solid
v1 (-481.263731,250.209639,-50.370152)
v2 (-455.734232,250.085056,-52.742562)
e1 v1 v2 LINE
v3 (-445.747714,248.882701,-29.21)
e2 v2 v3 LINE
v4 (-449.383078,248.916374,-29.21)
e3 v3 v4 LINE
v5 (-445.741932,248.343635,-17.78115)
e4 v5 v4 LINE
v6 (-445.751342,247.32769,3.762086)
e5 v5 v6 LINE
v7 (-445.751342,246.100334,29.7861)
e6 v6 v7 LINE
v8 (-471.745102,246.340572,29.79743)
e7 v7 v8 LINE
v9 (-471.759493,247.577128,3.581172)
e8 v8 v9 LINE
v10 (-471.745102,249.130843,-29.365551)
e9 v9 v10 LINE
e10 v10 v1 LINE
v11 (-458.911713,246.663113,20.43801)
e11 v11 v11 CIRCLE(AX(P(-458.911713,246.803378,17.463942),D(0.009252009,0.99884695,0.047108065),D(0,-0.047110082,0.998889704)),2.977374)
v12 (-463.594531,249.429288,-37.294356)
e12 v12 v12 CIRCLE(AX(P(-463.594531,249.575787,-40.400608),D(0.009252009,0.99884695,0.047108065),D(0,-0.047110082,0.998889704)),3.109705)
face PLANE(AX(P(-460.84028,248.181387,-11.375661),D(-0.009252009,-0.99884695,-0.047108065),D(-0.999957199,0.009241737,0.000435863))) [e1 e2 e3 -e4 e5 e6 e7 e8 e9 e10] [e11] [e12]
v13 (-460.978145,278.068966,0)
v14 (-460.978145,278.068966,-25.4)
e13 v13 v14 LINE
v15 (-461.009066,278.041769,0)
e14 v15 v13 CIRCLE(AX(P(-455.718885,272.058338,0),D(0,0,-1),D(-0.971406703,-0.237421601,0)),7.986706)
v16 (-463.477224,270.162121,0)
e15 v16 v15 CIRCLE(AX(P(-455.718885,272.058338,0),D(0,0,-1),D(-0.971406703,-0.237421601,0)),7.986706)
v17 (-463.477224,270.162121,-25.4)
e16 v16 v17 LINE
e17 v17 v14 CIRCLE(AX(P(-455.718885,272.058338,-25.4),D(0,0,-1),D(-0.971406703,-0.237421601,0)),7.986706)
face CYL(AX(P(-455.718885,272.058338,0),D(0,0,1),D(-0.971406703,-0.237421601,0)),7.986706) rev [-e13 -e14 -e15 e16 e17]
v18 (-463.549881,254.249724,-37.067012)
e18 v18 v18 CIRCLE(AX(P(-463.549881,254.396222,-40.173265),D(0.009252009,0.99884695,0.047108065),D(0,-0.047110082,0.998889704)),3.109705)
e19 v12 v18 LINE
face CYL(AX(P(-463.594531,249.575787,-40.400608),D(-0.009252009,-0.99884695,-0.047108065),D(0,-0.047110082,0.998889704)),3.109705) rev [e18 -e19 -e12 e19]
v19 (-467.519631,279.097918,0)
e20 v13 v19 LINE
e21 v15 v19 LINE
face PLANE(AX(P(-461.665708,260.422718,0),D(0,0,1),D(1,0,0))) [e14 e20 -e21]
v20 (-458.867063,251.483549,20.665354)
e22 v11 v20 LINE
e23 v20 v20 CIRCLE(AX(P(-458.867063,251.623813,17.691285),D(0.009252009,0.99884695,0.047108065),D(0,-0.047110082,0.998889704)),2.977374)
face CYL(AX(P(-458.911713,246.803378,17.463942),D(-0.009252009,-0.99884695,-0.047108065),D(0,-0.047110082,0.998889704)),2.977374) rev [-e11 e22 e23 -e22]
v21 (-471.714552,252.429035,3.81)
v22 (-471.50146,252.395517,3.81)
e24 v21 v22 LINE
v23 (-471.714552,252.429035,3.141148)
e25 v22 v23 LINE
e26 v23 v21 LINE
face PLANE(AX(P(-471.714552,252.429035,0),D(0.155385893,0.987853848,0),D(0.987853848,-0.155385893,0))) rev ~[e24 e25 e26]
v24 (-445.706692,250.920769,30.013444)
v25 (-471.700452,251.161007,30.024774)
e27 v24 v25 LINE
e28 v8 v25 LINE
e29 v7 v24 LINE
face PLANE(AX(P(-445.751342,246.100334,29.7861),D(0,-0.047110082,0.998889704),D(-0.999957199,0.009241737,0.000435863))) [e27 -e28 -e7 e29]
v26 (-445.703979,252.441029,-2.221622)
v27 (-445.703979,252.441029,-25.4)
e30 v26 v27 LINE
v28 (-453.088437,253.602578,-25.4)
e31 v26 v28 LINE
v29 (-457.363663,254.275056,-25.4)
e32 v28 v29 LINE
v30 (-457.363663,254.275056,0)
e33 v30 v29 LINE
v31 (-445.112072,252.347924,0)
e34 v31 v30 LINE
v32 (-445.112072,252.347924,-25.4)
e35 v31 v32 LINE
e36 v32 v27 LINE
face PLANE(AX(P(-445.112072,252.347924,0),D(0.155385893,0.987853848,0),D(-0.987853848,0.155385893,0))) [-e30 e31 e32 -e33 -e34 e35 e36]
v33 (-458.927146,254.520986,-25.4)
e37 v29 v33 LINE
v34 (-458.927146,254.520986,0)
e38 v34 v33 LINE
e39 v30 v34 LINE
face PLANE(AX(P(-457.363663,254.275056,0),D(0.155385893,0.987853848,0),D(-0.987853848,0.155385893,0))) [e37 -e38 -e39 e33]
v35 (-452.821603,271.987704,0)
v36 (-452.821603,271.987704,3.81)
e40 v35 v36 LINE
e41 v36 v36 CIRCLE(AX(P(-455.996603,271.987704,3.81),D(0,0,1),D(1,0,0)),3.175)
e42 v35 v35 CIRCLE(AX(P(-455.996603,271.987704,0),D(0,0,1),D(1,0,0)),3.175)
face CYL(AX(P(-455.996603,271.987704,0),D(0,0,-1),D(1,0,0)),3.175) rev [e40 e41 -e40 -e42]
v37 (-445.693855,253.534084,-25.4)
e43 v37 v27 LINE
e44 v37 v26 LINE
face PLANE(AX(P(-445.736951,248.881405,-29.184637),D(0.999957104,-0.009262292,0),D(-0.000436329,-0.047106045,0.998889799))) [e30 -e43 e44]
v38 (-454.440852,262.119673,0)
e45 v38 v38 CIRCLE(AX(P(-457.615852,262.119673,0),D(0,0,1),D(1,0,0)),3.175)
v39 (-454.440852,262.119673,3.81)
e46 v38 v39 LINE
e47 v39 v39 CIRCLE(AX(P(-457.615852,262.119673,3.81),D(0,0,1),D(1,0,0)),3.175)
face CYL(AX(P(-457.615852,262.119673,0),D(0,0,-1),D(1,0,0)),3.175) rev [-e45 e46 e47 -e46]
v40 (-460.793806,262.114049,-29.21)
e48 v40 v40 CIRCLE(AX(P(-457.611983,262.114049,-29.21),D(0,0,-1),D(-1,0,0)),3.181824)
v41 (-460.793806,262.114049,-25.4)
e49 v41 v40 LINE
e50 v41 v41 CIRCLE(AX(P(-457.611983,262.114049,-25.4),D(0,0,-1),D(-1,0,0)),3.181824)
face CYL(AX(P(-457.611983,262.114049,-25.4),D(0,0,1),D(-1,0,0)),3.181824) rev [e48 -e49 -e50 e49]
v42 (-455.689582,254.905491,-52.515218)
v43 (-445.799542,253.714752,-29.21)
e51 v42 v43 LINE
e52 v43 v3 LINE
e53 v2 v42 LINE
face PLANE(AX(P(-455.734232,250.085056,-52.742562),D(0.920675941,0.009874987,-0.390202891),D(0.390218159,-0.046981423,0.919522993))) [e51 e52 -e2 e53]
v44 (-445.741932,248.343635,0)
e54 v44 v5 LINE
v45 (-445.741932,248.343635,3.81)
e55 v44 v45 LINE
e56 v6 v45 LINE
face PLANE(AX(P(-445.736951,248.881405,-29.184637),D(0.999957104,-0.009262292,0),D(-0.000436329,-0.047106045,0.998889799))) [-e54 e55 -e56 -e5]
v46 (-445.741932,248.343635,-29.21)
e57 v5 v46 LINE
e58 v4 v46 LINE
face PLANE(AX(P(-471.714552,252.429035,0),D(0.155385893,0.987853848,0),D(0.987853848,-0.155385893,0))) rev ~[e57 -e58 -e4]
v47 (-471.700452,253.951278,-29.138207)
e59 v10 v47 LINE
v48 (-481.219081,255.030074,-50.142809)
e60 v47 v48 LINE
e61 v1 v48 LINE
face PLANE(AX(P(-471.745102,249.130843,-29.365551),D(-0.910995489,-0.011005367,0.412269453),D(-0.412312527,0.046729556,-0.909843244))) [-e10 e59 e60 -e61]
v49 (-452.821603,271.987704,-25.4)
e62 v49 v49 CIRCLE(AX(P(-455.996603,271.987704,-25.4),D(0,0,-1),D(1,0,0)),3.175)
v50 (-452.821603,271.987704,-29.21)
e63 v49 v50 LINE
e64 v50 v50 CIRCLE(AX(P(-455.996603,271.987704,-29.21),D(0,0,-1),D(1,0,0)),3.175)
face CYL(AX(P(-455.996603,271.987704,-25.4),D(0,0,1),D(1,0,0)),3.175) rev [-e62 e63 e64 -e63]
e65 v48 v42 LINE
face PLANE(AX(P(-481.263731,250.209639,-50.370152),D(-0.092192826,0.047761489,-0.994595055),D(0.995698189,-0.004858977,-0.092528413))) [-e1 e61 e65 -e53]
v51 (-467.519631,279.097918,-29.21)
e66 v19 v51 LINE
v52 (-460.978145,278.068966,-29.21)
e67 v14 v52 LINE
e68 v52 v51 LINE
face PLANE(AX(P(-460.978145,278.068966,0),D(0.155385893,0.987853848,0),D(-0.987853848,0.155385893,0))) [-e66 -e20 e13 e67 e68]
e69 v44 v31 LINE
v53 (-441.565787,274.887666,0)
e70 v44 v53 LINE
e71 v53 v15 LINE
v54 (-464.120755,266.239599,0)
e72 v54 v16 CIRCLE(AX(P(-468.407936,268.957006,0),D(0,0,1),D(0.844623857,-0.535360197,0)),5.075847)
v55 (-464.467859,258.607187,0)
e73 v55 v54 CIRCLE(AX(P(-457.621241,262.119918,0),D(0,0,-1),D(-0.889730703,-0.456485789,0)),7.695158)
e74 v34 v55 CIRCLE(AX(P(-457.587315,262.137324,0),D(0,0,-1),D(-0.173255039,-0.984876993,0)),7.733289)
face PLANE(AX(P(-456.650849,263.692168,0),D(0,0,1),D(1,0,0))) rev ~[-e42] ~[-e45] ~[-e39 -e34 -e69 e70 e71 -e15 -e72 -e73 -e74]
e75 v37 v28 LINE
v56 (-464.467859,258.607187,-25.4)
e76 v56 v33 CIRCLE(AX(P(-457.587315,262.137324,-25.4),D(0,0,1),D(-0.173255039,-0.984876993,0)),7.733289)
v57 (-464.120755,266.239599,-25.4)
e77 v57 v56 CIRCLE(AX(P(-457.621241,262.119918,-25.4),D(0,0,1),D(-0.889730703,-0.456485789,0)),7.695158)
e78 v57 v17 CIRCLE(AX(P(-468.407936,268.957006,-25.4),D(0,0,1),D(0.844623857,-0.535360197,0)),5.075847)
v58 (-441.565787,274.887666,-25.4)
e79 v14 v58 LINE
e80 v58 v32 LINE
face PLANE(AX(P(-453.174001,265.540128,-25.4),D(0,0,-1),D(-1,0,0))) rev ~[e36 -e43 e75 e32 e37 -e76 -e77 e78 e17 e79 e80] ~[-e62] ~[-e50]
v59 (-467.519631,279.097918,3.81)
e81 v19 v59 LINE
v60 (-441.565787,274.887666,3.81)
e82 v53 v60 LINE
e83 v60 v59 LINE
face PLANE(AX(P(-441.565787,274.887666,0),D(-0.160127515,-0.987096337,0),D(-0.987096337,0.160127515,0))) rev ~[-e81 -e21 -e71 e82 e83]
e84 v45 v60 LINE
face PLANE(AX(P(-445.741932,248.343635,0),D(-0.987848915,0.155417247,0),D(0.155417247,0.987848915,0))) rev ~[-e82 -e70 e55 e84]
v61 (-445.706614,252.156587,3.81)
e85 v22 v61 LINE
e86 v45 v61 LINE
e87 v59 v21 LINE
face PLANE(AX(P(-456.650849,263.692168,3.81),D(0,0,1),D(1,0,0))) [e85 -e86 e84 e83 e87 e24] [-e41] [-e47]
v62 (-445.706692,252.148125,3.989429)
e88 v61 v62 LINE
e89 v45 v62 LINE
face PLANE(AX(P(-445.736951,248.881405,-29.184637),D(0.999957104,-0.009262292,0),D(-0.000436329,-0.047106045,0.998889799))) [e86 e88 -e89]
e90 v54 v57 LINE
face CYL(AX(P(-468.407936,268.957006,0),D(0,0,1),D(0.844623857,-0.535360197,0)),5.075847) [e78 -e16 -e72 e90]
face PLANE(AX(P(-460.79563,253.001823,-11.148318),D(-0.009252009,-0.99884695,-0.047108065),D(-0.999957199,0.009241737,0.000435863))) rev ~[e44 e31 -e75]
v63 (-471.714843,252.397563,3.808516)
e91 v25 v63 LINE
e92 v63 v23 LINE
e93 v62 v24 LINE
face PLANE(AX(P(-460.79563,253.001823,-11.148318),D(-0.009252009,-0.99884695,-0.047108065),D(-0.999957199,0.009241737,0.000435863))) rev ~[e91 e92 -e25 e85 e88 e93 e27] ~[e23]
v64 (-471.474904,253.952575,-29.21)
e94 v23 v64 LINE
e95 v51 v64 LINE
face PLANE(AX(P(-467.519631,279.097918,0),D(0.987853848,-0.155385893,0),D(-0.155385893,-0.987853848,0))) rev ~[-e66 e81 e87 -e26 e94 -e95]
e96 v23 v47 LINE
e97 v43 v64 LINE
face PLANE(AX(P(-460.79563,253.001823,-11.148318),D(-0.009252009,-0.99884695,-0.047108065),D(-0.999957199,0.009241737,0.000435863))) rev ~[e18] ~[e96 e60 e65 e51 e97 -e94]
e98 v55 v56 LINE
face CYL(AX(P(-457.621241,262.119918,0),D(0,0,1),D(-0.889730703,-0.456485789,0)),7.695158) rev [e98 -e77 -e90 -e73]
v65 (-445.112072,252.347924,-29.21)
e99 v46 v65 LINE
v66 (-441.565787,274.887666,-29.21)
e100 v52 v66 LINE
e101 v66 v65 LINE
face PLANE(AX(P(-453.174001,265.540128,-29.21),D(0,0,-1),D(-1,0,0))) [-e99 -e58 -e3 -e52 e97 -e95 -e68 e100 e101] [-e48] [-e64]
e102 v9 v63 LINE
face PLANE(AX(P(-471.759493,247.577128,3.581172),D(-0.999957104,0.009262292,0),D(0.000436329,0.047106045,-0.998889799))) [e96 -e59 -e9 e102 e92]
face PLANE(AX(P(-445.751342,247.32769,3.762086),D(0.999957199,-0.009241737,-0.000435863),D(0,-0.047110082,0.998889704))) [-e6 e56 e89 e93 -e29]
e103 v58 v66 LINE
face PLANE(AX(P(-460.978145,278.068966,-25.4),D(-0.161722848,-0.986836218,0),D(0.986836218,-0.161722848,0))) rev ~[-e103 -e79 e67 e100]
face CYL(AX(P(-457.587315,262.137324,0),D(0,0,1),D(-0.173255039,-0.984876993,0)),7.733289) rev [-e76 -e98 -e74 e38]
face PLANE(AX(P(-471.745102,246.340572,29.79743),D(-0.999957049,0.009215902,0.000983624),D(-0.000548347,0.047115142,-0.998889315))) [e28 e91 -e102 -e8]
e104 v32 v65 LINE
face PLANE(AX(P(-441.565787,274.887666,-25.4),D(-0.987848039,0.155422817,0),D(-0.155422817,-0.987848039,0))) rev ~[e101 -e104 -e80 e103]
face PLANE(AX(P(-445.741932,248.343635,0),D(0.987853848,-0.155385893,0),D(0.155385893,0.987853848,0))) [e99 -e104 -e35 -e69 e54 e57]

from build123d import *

# Parameters (mm, degrees)
BOSS_EXTRUDE1_DEPTH      = 29.21
SKETCH2_R                = 3.175
BOSS_EXTRUDE2_DEPTH      = 3.81
BOSS_EXTRUDE3_START      = -3.81
SKETCH3_R                = 3.175
SKETCH3_R_2              = 3.181823626
BOSS_EXTRUDE3_DEPTH      = 3.81
BOSS_EXTRUDE4_DEPTH      = 1.524
BOSS_EXTRUDE4_DEPTH_BACK = 3.302
SKETCH4_R                = 3.109705259
SKETCH4_R_2              = 2.977374329


with BuildPart() as part:
    # Sketch1 → Boss-Extrude1 (new body)
    with BuildSketch(Plane.XY):
        with BuildLine():
            Line((-445.741932109, 248.343634647), (-445.112071681, 252.347923806))
            Line((-445.112071681, 252.347923806), (-457.363663126, 254.275055523))
            Line((-457.363663126, 254.275055523), (-458.927145779, 254.520985778))
            ThreePointArc((-458.927145779, 254.520985778), (-462.17729329, 255.913510824), (-464.467858916, 258.607187485))
            ThreePointArc((-464.467858916, 258.607187485), (-465.308453245, 262.469514201), (-464.120754615, 266.239598875))
            ThreePointArc((-464.120754615, 266.239598875), (-463.399050509, 268.135245999), (-463.477224231, 270.162121354))
            ThreePointArc((-463.477224231, 270.162121354), (-463.334265537, 274.465295187), (-460.978145391, 278.068965549))
            Line((-460.978145391, 278.068965549), (-467.519631336, 279.097918))
            Line((-467.519631336, 279.097918), (-471.71455165, 252.429035234))
            Line((-471.71455165, 252.429035234), (-445.741932109, 248.343634647))
        make_face()
    extrude(amount=-BOSS_EXTRUDE1_DEPTH)

    # Sketch2 → Boss-Extrude2 (add)
    with BuildSketch(Plane.XY):
        Polygon((-467.519631336, 279.097918), (-471.71455165, 252.429035234), (-445.741932109, 248.343634647), (-441.565787186, 274.887665754), align=None)
        with Locations((-455.996603091, 271.987703521)):
            Circle(SKETCH2_R, mode=Mode.SUBTRACT)
        with Locations((-457.615851502, 262.119672583)):
            Circle(SKETCH2_R, mode=Mode.SUBTRACT)
    extrude(amount=BOSS_EXTRUDE2_DEPTH)

    # Sketch3 → Boss-Extrude3 (add)
    with BuildSketch(Plane(origin=(0, 0, -29.21), x_dir=(-1, 0, 0), z_dir=(0, 0, -1)).offset(BOSS_EXTRUDE3_START)):
        with BuildLine():
            Line((460.978145391, 278.068965549), (441.565787186, 274.887665754))
            Line((441.565787186, 274.887665754), (445.112071681, 252.347923806))
            Line((445.112071681, 252.347923806), (458.927145779, 254.520985778))
            ThreePointArc((458.927145779, 254.520985778), (464.657191184, 258.991661442), (464.120754615, 266.239598875))
            ThreePointArc((464.120754615, 266.239598875), (463.399050509, 268.135245999), (463.477224231, 270.162121354))
            ThreePointArc((463.477224231, 270.162121354), (463.334265537, 274.465295187), (460.978145391, 278.068965549))
        make_face()
        with Locations(Location((455.996603091, 271.987703521, 0), (0, 0, 180))):
            Circle(SKETCH3_R, mode=Mode.SUBTRACT)
        with Locations((457.611982645, 262.114049476)):
            Circle(SKETCH3_R_2, mode=Mode.SUBTRACT)
    extrude(amount=BOSS_EXTRUDE3_DEPTH)

    # Sketch4 → Boss-Extrude4 (add, two sides: drawn at the far end of the back side and taken through both)
    with BuildSketch(Plane(origin=(2.279673246, 246.113529363, 11.60731603), x_dir=(0.9999571992457364, -0.009241736857419818, -0.0004358629151659602), z_dir=(0.009252009328930062, 0.998846950490518, 0.04710806533037038)).offset(-BOSS_EXTRUDE4_DEPTH_BACK)):
        Polygon((-448.019641178, 7.893719141), (-448.019641178, -18.159221947), (-474.014513074, -18.159221947), (-474.028905268, 8.086182696), (-474.014513074, 41.069520713), (-483.533549488, 62.101622956), (-458.002958068, 64.465529415), (-448.005248984, 40.877057158), align=None)
        with Locations(Location((-465.863593213, 52.113287489, 0), (0, 0, 270))):
            Circle(SKETCH4_R, mode=Mode.SUBTRACT)
        with Locations(Location((-461.180575409, -5.817624253, 0), (0, 0, 270))):
            Circle(SKETCH4_R_2, mode=Mode.SUBTRACT)
    extrude(amount=BOSS_EXTRUDE4_DEPTH + BOSS_EXTRUDE4_DEPTH_BACK)


solid = part.part
